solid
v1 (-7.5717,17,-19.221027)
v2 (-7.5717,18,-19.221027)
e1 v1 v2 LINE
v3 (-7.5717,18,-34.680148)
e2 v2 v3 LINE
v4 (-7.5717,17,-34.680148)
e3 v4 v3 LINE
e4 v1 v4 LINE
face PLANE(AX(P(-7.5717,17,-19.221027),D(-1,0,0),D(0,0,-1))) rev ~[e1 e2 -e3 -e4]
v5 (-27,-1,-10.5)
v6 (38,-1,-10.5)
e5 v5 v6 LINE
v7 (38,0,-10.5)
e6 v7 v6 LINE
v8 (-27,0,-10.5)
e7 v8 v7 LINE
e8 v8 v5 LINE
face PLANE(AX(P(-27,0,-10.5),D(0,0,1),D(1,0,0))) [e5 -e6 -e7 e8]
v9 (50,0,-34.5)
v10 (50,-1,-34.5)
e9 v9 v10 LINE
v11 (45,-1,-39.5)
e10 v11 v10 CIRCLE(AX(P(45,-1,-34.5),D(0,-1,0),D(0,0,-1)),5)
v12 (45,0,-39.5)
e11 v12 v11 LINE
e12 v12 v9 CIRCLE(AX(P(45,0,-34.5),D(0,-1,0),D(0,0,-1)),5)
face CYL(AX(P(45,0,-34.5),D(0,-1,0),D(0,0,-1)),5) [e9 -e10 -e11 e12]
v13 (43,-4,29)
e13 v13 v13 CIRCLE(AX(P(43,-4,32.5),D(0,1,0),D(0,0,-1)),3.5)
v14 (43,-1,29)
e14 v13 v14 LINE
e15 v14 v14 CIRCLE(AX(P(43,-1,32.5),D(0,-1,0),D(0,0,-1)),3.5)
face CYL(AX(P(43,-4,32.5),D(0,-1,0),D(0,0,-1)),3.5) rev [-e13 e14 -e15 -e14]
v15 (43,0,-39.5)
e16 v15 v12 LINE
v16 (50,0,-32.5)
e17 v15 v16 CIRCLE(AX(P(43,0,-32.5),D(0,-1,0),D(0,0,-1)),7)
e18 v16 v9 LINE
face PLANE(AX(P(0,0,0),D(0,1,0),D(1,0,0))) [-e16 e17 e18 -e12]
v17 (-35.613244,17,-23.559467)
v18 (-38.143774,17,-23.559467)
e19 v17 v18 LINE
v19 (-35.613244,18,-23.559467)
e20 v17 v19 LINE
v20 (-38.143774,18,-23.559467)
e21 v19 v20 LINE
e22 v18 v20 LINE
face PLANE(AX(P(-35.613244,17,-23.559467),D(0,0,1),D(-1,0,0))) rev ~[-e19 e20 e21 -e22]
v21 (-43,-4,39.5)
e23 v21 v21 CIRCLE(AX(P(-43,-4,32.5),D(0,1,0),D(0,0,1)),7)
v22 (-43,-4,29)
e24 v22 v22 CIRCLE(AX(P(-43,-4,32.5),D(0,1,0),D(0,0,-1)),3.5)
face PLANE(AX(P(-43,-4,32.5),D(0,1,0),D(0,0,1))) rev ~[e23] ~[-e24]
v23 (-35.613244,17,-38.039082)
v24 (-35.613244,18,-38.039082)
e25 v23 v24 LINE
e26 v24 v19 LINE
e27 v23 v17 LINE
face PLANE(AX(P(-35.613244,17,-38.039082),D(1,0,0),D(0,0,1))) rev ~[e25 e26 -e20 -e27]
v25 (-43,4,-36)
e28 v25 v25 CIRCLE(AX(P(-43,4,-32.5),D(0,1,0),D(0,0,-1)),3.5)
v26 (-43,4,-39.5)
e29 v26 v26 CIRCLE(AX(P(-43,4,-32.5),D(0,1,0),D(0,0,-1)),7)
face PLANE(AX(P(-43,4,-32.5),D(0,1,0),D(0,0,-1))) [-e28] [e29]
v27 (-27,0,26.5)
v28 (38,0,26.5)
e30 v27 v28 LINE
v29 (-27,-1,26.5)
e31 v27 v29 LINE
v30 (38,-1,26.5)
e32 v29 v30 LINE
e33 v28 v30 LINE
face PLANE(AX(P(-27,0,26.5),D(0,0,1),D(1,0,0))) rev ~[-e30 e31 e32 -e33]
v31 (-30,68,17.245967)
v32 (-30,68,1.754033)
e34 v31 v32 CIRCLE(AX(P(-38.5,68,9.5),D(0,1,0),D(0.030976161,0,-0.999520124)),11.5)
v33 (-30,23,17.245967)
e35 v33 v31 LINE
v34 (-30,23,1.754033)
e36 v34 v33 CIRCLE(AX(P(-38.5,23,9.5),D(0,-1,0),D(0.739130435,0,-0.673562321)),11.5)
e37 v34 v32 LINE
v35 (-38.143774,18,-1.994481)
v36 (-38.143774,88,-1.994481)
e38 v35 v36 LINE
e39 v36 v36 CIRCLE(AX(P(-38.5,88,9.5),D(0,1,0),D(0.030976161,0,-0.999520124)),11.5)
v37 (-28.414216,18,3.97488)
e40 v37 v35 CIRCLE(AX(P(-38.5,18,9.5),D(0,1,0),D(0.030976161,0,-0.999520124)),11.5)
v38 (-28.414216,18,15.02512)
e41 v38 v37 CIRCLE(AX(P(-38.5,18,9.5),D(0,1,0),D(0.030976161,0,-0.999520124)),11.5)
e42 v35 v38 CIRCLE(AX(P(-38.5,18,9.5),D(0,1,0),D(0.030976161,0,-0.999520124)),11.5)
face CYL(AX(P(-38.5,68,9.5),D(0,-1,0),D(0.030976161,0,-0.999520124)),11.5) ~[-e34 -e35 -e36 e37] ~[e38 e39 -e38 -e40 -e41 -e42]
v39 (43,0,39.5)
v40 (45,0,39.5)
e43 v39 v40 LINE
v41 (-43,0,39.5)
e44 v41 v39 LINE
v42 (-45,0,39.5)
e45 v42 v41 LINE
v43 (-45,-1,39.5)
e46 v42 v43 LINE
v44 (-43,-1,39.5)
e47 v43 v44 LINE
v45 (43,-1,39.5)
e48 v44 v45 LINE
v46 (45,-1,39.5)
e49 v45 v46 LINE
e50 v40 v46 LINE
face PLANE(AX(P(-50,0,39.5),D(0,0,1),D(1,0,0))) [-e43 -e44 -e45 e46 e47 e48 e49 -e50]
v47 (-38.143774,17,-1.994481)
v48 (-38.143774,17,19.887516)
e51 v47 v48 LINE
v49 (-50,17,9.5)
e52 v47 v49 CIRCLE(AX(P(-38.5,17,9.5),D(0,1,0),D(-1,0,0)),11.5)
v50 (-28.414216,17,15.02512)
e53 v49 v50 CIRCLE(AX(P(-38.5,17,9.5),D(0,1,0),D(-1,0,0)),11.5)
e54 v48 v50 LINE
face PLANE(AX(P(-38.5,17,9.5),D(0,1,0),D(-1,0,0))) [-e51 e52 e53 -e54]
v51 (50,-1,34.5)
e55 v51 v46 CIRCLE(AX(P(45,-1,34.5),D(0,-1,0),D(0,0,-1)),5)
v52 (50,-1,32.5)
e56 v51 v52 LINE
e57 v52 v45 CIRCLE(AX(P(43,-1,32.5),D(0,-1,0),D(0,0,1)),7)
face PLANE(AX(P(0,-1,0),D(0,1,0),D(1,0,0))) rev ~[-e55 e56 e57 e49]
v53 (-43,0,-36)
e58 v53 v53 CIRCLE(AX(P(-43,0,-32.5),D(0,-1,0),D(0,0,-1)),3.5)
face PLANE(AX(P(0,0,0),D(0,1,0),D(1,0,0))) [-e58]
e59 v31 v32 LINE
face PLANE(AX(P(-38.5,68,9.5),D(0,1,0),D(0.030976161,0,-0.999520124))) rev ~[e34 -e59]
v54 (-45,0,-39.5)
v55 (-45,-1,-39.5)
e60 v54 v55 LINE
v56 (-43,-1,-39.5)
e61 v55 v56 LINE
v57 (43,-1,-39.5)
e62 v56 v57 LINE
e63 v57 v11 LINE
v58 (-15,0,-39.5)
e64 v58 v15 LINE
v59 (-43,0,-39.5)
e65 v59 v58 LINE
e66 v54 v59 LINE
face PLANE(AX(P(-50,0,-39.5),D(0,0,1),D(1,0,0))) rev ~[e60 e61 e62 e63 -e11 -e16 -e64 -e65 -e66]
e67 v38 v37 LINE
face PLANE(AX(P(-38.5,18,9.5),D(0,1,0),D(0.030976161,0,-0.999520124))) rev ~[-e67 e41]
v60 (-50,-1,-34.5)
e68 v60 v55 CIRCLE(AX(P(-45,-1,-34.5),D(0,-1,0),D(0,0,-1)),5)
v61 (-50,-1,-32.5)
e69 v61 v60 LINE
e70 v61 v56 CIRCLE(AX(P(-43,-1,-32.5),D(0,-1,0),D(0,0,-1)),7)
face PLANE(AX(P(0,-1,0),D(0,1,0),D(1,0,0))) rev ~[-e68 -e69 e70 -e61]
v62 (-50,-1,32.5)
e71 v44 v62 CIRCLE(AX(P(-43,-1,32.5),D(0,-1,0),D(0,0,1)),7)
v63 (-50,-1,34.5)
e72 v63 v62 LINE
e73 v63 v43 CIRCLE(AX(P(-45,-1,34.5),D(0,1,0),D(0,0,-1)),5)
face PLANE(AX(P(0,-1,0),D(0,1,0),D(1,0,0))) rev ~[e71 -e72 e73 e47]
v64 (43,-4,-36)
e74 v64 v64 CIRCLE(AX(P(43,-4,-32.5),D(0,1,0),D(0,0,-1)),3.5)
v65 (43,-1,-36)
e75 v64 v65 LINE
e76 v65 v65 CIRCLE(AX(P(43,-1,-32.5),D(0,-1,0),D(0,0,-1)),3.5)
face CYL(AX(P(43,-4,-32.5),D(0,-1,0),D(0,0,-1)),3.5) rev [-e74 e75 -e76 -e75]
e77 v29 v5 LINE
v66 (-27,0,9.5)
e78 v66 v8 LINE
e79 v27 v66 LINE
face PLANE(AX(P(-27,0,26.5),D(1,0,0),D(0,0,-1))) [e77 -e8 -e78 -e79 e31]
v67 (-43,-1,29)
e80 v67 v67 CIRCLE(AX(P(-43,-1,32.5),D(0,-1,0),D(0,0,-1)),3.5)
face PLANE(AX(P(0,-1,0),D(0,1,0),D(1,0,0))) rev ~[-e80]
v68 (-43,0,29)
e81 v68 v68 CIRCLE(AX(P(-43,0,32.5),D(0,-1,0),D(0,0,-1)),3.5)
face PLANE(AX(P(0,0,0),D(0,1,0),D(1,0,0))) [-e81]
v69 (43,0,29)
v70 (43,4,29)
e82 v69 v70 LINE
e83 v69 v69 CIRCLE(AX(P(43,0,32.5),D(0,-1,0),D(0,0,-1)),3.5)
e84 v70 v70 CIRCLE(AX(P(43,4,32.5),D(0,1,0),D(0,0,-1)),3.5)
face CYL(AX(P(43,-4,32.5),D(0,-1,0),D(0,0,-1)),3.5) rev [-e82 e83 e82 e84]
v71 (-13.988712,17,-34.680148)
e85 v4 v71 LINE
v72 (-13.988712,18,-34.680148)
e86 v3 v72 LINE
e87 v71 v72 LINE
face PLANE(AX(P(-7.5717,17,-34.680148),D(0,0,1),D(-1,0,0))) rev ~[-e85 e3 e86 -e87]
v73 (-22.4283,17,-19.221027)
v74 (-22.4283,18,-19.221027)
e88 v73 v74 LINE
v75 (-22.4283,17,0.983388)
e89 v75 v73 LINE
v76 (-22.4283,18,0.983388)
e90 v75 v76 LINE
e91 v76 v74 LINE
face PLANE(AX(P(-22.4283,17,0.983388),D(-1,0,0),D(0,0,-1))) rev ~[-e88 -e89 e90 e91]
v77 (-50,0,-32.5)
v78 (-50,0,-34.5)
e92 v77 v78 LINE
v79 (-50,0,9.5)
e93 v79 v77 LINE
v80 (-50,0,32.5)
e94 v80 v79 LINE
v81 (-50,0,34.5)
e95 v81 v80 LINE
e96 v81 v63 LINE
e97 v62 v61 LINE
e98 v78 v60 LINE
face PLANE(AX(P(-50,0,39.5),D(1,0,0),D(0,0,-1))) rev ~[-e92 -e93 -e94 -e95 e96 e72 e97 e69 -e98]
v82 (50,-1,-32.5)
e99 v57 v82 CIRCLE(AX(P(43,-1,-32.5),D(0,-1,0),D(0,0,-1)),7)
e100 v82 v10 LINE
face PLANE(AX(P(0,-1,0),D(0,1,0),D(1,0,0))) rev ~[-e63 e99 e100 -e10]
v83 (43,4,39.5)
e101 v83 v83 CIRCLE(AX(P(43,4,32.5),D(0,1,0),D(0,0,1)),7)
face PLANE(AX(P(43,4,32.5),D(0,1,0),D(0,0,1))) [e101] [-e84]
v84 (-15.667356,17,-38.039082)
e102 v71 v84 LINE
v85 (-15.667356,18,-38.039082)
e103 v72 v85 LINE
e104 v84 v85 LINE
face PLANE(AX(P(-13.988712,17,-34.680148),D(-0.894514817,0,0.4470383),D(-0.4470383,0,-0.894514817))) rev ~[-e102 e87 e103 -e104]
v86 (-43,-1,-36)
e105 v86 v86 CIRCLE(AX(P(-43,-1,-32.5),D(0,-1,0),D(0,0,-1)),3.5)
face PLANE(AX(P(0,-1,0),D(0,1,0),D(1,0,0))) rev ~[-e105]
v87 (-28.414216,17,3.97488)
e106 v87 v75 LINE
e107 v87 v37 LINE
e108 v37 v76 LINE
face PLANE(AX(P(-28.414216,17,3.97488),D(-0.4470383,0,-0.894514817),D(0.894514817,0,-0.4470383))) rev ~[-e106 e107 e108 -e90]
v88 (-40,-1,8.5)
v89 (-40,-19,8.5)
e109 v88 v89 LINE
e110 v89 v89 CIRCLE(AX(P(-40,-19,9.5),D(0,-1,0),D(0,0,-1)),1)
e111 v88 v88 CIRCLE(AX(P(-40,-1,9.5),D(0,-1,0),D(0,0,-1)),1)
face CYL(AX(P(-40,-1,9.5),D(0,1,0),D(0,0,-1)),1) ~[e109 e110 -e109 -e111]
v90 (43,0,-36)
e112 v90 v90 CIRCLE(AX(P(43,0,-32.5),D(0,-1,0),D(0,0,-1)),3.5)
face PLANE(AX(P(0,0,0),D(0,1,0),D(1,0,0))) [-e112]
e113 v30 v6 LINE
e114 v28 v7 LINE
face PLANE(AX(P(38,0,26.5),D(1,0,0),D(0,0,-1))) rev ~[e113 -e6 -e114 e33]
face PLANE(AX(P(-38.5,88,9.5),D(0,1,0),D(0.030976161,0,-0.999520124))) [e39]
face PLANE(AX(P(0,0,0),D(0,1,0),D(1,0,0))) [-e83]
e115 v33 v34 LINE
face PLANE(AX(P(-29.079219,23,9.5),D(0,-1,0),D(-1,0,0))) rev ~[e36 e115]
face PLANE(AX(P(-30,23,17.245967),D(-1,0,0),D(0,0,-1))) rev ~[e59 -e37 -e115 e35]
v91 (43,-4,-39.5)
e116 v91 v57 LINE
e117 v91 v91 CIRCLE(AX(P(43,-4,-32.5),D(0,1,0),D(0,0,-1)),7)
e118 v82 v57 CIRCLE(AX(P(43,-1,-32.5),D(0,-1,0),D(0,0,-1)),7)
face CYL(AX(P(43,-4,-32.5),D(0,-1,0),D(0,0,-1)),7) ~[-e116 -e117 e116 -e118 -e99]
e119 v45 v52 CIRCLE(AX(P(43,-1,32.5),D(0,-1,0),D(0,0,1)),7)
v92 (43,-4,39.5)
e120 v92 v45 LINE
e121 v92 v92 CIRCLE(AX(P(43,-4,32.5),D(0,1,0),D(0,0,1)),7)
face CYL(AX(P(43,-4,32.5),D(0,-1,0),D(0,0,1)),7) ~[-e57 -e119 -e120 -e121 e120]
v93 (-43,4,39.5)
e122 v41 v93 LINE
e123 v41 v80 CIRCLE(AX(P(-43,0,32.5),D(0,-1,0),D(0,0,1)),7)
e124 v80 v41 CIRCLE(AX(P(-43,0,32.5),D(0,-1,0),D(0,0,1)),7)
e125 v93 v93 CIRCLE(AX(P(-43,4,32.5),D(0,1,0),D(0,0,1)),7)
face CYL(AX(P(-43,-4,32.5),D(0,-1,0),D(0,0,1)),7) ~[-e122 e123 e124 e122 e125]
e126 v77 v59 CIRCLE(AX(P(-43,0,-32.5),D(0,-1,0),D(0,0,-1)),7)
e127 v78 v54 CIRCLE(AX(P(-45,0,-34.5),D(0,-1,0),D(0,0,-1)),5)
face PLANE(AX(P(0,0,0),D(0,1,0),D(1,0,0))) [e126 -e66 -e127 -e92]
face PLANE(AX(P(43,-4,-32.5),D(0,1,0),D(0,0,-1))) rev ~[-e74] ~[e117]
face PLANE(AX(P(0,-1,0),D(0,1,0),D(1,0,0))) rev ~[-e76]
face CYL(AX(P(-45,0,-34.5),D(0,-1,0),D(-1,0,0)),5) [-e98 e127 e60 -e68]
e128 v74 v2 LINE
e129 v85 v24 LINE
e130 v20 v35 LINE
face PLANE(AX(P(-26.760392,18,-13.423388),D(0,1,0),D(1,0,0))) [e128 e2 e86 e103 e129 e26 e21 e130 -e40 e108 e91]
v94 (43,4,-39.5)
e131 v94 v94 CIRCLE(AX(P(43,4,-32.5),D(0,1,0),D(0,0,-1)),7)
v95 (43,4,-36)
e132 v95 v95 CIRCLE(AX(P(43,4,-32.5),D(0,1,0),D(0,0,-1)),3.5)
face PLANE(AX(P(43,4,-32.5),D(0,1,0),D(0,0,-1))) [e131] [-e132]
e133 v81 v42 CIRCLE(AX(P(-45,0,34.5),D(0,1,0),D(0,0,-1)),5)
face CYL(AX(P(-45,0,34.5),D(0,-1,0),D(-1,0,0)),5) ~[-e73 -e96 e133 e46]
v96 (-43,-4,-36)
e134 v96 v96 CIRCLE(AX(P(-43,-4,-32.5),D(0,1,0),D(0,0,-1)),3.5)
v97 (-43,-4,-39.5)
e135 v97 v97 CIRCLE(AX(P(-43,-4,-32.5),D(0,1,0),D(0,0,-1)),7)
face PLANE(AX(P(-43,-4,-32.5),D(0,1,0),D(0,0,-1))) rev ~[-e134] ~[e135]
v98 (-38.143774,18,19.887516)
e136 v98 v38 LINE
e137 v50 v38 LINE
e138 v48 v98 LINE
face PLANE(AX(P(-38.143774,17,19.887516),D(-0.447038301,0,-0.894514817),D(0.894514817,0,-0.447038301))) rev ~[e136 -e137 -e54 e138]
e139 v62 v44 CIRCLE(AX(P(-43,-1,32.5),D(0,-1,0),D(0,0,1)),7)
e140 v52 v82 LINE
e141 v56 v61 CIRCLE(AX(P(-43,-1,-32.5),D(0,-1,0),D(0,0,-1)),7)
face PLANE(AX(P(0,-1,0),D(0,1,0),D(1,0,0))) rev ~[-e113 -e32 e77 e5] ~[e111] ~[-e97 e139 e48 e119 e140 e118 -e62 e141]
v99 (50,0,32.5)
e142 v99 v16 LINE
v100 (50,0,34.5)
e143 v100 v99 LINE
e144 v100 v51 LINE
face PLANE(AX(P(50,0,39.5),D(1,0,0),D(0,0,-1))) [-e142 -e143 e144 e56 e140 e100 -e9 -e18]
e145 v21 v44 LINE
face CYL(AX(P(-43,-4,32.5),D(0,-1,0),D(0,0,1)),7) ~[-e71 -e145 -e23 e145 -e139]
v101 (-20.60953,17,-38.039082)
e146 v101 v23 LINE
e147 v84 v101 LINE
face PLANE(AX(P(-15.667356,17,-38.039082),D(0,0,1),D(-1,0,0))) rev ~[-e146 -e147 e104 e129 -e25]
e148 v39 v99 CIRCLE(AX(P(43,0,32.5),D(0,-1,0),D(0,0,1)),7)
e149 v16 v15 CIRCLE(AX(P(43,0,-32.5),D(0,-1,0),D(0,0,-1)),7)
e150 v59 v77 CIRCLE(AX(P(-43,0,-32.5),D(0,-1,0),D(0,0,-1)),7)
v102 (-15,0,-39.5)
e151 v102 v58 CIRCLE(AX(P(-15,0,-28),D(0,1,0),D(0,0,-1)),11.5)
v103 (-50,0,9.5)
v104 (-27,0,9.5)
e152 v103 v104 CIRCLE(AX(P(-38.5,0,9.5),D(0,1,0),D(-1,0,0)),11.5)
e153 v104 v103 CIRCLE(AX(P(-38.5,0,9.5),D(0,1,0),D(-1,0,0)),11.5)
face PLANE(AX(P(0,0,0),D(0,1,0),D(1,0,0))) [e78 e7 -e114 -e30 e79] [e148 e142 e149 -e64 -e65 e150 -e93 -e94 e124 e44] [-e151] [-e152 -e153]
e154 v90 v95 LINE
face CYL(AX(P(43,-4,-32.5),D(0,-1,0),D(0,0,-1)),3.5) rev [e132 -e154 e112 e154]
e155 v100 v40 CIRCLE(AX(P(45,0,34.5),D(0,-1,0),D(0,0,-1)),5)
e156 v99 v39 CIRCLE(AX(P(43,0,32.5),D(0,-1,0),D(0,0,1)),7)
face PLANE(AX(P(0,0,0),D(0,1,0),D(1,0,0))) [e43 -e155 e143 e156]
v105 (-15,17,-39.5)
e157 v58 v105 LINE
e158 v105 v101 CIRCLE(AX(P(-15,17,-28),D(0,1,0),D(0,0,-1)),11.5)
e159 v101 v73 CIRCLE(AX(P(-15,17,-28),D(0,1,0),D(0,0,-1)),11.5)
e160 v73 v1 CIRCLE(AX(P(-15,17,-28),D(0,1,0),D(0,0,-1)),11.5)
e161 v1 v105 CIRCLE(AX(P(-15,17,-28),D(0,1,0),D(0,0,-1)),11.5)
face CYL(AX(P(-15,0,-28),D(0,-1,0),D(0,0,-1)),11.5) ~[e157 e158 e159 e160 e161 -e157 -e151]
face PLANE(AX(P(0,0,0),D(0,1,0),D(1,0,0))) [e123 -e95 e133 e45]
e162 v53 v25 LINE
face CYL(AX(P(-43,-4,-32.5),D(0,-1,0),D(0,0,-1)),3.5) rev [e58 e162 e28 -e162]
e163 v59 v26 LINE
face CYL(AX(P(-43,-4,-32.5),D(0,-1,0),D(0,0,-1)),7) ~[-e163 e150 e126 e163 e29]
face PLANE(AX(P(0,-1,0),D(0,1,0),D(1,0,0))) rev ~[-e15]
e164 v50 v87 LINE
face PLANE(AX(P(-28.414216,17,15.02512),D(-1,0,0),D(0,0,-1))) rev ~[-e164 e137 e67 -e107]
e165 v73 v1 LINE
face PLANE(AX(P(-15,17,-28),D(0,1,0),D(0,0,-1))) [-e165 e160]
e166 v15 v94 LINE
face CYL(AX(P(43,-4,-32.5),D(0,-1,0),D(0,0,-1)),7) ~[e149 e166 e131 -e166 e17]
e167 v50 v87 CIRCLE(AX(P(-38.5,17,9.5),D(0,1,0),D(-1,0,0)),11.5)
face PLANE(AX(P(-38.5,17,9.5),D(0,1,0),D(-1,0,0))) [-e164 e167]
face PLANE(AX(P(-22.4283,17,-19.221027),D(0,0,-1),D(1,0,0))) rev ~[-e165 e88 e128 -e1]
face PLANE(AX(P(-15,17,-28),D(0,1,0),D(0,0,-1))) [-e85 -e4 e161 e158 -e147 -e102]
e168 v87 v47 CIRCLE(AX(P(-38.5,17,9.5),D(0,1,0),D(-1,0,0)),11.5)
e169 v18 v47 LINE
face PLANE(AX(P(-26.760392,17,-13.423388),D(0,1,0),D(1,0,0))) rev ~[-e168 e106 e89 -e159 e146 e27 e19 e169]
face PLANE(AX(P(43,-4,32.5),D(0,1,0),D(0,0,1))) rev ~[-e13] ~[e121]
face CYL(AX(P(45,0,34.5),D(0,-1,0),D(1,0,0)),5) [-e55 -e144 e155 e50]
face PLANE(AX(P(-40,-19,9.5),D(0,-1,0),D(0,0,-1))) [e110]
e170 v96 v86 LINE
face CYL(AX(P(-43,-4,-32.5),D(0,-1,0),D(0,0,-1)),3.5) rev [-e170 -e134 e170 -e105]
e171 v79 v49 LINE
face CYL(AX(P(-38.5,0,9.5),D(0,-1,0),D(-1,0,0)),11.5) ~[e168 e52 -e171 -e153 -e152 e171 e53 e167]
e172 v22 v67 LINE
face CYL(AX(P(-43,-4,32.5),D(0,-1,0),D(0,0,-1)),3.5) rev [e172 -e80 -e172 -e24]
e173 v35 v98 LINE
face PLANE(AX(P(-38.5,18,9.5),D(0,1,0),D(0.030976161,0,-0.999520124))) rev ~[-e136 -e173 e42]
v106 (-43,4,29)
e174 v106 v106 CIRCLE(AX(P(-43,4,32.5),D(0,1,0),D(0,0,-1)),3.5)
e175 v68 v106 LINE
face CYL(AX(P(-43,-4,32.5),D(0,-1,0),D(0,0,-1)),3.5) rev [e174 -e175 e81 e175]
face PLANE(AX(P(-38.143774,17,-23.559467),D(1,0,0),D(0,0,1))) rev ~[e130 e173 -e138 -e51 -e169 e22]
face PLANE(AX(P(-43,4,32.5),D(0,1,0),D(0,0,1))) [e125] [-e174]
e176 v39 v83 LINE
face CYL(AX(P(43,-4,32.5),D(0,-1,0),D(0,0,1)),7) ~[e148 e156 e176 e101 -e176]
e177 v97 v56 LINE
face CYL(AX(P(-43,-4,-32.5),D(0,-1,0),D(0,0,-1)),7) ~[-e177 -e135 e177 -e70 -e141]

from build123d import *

# Parameters (mm, degrees)
ESQUISSE4_W             = 100
ESQUISSE4_H             = 79
BOSS_EXTRU_3_DEPTH      = 1
BOSS_EXTRU_4_DEPTH      = 4
BOSS_EXTRU_4_DEPTH_BACK = 4
ESQUISSE1_R             = 7
ESQUISSE1_R_2           = 3.5
ESQUISSE6_R             = 11.5
BOSS_EXTRU_5_DEPTH      = 17
BOSS_EXTRU_6_DEPTH      = 1
ESQUISSE8_W             = 65
ESQUISSE8_H             = 37
ENL_V_MAT_EXTRU_1_DEPTH = 1
ESQUISSE9_R             = 1
BOSS_EXTRU_7_DEPTH      = 18
ESQUISSE10_R            = 11.5
BOSS_EXTRU_8_DEPTH      = 50
CONG_2_R                = 5
ENL_V_START             = -45
ENL_V_MAT_EXTRU_3_DEPTH = 45
ESQUISSE12_R            = 11.5
BOSS_EXTRU_9_DEPTH      = 20


with BuildPart() as part:
    # Esquisse4 → Boss.-Extru.3 (new body)
    with BuildSketch(Plane(origin=(0, 0, 0), x_dir=(1, 0, 0), z_dir=(0, 1, 0))):
        Rectangle(ESQUISSE4_W, ESQUISSE4_H)
    extrude(amount=-BOSS_EXTRU_3_DEPTH)

    # Esquisse1 → Boss.-Extru.4 (add, two sides: drawn at the far end of the back side and taken through both)
    # profile 1 of 4: a face of its own
    with BuildSketch(Plane(origin=(0, 0, 0), x_dir=(1, 0, 0), z_dir=(0, 1, 0)).offset(-BOSS_EXTRU_4_DEPTH_BACK)):
        with Locations((-43, -32.5)):
            Circle(ESQUISSE1_R)
        with Locations((-43, -32.5)):
            Circle(ESQUISSE1_R_2, mode=Mode.SUBTRACT)
    # profile 2 of 4: a face of its own
    with BuildSketch(Plane(origin=(0, 0, 0), x_dir=(1, 0, 0), z_dir=(0, 1, 0)).offset(-BOSS_EXTRU_4_DEPTH_BACK)):
        with Locations((43, -32.5)):
            Circle(ESQUISSE1_R)
        with Locations((43, -32.5)):
            Circle(ESQUISSE1_R_2, mode=Mode.SUBTRACT)
    # profile 3 of 4: a face of its own
    with BuildSketch(Plane(origin=(0, 0, 0), x_dir=(1, 0, 0), z_dir=(0, 1, 0)).offset(-BOSS_EXTRU_4_DEPTH_BACK)):
        with Locations((-43, 32.5)):
            Circle(ESQUISSE1_R)
        with Locations((-43, 32.5)):
            Circle(ESQUISSE1_R_2, mode=Mode.SUBTRACT)
    # profile 4 of 4: a face of its own
    with BuildSketch(Plane(origin=(0, 0, 0), x_dir=(1, 0, 0), z_dir=(0, 1, 0)).offset(-BOSS_EXTRU_4_DEPTH_BACK)):
        with Locations((43, 32.5)):
            Circle(ESQUISSE1_R)
        with Locations((43, 32.5)):
            Circle(ESQUISSE1_R_2, mode=Mode.SUBTRACT)
    extrude(amount=BOSS_EXTRU_4_DEPTH + BOSS_EXTRU_4_DEPTH_BACK)

    # Esquisse6 → Boss.-Extru.5 (add)
    with BuildSketch(Plane(origin=(0, 0, 0), x_dir=(1, 0, 0), z_dir=(0, 1, 0))):
        with Locations((-38.5, -9.5)):
            Circle(ESQUISSE6_R)
        with Locations((-15, 28)):
            Circle(ESQUISSE6_R)
    extrude(amount=BOSS_EXTRU_5_DEPTH)

    # Esquisse7 → Boss.-Extru.6 (add)
    with BuildSketch(Plane(origin=(0, 17, 0), x_dir=(1, 0, 0), z_dir=(0, 1, 0))):
        Polygon((-38.143774149, -19.88751618), (-28.414215556, -15.025120102), (-28.414215556, -3.974879898), (-22.428299765, -0.98338823), (-22.428299765, 19.221027247), (-7.571700235, 19.221027247), (-7.571700235, 34.680148422), (-13.988712335, 34.680148422), (-15.667356388, 38.039082045), (-35.613243864, 38.039082045), (-35.613243864, 23.559466539), (-38.143774149, 23.559466539), (-38.143774149, 0), align=None)
    extrude(amount=BOSS_EXTRU_6_DEPTH)

    # Esquisse8 → Enlèv. mat.-Extru.1 (cut)
    with BuildSketch(Plane(origin=(0, 0, 0), x_dir=(1, 0, 0), z_dir=(0, 1, 0))):
        with Locations((5.5, -8)):
            Rectangle(ESQUISSE8_W, ESQUISSE8_H)
    extrude(amount=-ENL_V_MAT_EXTRU_1_DEPTH, mode=Mode.SUBTRACT)

    # Esquisse9 → Boss.-Extru.7 (add)
    with BuildSketch(Plane.XZ.offset(1)):
        with Locations((-40, 9.5)):
            Circle(ESQUISSE9_R)
    extrude(amount=BOSS_EXTRU_7_DEPTH)

    # Esquisse10 → Boss.-Extru.8 (add)
    with BuildSketch(Plane(origin=(0, 18, 0), x_dir=(1, 0, 0), z_dir=(0, 1, 0))):
        with Locations((-38.5, -9.5)):
            Circle(ESQUISSE10_R)
    extrude(amount=BOSS_EXTRU_8_DEPTH)

    # Congé2
    cong_2_edges = [part.edges().sort_by_distance(p)[0] for p in [
        (-50, -0.5, 39.5),
        (50, -0.5, 39.5),
        (50, -0.5, -39.5),
        (-50, -0.5, -39.5),
    ]]
    fillet(cong_2_edges, radius=CONG_2_R)

    # Esquisse11 → Enlèv. mat.-Extru.3 (cut)
    with BuildSketch(Plane(origin=(0, 68, 0), x_dir=(1, 0, 0), z_dir=(0, 1, 0)).offset(ENL_V_START)):
        with BuildLine():
            Line((-30, -17.245966692), (-30, -1.754033308))
            ThreePointArc((-30, -1.754033308), (-27, -9.5), (-30, -17.245966692))
        make_face()
    extrude(amount=ENL_V_MAT_EXTRU_3_DEPTH, mode=Mode.SUBTRACT)

    # Esquisse12 → Boss.-Extru.9 (add)
    with BuildSketch(Plane(origin=(0, 68, 0), x_dir=(1, 0, 0), z_dir=(0, 1, 0))):
        with Locations((-38.5, -9.5)):
            Circle(ESQUISSE12_R)
    extrude(amount=BOSS_EXTRU_9_DEPTH)


solid = part.part
